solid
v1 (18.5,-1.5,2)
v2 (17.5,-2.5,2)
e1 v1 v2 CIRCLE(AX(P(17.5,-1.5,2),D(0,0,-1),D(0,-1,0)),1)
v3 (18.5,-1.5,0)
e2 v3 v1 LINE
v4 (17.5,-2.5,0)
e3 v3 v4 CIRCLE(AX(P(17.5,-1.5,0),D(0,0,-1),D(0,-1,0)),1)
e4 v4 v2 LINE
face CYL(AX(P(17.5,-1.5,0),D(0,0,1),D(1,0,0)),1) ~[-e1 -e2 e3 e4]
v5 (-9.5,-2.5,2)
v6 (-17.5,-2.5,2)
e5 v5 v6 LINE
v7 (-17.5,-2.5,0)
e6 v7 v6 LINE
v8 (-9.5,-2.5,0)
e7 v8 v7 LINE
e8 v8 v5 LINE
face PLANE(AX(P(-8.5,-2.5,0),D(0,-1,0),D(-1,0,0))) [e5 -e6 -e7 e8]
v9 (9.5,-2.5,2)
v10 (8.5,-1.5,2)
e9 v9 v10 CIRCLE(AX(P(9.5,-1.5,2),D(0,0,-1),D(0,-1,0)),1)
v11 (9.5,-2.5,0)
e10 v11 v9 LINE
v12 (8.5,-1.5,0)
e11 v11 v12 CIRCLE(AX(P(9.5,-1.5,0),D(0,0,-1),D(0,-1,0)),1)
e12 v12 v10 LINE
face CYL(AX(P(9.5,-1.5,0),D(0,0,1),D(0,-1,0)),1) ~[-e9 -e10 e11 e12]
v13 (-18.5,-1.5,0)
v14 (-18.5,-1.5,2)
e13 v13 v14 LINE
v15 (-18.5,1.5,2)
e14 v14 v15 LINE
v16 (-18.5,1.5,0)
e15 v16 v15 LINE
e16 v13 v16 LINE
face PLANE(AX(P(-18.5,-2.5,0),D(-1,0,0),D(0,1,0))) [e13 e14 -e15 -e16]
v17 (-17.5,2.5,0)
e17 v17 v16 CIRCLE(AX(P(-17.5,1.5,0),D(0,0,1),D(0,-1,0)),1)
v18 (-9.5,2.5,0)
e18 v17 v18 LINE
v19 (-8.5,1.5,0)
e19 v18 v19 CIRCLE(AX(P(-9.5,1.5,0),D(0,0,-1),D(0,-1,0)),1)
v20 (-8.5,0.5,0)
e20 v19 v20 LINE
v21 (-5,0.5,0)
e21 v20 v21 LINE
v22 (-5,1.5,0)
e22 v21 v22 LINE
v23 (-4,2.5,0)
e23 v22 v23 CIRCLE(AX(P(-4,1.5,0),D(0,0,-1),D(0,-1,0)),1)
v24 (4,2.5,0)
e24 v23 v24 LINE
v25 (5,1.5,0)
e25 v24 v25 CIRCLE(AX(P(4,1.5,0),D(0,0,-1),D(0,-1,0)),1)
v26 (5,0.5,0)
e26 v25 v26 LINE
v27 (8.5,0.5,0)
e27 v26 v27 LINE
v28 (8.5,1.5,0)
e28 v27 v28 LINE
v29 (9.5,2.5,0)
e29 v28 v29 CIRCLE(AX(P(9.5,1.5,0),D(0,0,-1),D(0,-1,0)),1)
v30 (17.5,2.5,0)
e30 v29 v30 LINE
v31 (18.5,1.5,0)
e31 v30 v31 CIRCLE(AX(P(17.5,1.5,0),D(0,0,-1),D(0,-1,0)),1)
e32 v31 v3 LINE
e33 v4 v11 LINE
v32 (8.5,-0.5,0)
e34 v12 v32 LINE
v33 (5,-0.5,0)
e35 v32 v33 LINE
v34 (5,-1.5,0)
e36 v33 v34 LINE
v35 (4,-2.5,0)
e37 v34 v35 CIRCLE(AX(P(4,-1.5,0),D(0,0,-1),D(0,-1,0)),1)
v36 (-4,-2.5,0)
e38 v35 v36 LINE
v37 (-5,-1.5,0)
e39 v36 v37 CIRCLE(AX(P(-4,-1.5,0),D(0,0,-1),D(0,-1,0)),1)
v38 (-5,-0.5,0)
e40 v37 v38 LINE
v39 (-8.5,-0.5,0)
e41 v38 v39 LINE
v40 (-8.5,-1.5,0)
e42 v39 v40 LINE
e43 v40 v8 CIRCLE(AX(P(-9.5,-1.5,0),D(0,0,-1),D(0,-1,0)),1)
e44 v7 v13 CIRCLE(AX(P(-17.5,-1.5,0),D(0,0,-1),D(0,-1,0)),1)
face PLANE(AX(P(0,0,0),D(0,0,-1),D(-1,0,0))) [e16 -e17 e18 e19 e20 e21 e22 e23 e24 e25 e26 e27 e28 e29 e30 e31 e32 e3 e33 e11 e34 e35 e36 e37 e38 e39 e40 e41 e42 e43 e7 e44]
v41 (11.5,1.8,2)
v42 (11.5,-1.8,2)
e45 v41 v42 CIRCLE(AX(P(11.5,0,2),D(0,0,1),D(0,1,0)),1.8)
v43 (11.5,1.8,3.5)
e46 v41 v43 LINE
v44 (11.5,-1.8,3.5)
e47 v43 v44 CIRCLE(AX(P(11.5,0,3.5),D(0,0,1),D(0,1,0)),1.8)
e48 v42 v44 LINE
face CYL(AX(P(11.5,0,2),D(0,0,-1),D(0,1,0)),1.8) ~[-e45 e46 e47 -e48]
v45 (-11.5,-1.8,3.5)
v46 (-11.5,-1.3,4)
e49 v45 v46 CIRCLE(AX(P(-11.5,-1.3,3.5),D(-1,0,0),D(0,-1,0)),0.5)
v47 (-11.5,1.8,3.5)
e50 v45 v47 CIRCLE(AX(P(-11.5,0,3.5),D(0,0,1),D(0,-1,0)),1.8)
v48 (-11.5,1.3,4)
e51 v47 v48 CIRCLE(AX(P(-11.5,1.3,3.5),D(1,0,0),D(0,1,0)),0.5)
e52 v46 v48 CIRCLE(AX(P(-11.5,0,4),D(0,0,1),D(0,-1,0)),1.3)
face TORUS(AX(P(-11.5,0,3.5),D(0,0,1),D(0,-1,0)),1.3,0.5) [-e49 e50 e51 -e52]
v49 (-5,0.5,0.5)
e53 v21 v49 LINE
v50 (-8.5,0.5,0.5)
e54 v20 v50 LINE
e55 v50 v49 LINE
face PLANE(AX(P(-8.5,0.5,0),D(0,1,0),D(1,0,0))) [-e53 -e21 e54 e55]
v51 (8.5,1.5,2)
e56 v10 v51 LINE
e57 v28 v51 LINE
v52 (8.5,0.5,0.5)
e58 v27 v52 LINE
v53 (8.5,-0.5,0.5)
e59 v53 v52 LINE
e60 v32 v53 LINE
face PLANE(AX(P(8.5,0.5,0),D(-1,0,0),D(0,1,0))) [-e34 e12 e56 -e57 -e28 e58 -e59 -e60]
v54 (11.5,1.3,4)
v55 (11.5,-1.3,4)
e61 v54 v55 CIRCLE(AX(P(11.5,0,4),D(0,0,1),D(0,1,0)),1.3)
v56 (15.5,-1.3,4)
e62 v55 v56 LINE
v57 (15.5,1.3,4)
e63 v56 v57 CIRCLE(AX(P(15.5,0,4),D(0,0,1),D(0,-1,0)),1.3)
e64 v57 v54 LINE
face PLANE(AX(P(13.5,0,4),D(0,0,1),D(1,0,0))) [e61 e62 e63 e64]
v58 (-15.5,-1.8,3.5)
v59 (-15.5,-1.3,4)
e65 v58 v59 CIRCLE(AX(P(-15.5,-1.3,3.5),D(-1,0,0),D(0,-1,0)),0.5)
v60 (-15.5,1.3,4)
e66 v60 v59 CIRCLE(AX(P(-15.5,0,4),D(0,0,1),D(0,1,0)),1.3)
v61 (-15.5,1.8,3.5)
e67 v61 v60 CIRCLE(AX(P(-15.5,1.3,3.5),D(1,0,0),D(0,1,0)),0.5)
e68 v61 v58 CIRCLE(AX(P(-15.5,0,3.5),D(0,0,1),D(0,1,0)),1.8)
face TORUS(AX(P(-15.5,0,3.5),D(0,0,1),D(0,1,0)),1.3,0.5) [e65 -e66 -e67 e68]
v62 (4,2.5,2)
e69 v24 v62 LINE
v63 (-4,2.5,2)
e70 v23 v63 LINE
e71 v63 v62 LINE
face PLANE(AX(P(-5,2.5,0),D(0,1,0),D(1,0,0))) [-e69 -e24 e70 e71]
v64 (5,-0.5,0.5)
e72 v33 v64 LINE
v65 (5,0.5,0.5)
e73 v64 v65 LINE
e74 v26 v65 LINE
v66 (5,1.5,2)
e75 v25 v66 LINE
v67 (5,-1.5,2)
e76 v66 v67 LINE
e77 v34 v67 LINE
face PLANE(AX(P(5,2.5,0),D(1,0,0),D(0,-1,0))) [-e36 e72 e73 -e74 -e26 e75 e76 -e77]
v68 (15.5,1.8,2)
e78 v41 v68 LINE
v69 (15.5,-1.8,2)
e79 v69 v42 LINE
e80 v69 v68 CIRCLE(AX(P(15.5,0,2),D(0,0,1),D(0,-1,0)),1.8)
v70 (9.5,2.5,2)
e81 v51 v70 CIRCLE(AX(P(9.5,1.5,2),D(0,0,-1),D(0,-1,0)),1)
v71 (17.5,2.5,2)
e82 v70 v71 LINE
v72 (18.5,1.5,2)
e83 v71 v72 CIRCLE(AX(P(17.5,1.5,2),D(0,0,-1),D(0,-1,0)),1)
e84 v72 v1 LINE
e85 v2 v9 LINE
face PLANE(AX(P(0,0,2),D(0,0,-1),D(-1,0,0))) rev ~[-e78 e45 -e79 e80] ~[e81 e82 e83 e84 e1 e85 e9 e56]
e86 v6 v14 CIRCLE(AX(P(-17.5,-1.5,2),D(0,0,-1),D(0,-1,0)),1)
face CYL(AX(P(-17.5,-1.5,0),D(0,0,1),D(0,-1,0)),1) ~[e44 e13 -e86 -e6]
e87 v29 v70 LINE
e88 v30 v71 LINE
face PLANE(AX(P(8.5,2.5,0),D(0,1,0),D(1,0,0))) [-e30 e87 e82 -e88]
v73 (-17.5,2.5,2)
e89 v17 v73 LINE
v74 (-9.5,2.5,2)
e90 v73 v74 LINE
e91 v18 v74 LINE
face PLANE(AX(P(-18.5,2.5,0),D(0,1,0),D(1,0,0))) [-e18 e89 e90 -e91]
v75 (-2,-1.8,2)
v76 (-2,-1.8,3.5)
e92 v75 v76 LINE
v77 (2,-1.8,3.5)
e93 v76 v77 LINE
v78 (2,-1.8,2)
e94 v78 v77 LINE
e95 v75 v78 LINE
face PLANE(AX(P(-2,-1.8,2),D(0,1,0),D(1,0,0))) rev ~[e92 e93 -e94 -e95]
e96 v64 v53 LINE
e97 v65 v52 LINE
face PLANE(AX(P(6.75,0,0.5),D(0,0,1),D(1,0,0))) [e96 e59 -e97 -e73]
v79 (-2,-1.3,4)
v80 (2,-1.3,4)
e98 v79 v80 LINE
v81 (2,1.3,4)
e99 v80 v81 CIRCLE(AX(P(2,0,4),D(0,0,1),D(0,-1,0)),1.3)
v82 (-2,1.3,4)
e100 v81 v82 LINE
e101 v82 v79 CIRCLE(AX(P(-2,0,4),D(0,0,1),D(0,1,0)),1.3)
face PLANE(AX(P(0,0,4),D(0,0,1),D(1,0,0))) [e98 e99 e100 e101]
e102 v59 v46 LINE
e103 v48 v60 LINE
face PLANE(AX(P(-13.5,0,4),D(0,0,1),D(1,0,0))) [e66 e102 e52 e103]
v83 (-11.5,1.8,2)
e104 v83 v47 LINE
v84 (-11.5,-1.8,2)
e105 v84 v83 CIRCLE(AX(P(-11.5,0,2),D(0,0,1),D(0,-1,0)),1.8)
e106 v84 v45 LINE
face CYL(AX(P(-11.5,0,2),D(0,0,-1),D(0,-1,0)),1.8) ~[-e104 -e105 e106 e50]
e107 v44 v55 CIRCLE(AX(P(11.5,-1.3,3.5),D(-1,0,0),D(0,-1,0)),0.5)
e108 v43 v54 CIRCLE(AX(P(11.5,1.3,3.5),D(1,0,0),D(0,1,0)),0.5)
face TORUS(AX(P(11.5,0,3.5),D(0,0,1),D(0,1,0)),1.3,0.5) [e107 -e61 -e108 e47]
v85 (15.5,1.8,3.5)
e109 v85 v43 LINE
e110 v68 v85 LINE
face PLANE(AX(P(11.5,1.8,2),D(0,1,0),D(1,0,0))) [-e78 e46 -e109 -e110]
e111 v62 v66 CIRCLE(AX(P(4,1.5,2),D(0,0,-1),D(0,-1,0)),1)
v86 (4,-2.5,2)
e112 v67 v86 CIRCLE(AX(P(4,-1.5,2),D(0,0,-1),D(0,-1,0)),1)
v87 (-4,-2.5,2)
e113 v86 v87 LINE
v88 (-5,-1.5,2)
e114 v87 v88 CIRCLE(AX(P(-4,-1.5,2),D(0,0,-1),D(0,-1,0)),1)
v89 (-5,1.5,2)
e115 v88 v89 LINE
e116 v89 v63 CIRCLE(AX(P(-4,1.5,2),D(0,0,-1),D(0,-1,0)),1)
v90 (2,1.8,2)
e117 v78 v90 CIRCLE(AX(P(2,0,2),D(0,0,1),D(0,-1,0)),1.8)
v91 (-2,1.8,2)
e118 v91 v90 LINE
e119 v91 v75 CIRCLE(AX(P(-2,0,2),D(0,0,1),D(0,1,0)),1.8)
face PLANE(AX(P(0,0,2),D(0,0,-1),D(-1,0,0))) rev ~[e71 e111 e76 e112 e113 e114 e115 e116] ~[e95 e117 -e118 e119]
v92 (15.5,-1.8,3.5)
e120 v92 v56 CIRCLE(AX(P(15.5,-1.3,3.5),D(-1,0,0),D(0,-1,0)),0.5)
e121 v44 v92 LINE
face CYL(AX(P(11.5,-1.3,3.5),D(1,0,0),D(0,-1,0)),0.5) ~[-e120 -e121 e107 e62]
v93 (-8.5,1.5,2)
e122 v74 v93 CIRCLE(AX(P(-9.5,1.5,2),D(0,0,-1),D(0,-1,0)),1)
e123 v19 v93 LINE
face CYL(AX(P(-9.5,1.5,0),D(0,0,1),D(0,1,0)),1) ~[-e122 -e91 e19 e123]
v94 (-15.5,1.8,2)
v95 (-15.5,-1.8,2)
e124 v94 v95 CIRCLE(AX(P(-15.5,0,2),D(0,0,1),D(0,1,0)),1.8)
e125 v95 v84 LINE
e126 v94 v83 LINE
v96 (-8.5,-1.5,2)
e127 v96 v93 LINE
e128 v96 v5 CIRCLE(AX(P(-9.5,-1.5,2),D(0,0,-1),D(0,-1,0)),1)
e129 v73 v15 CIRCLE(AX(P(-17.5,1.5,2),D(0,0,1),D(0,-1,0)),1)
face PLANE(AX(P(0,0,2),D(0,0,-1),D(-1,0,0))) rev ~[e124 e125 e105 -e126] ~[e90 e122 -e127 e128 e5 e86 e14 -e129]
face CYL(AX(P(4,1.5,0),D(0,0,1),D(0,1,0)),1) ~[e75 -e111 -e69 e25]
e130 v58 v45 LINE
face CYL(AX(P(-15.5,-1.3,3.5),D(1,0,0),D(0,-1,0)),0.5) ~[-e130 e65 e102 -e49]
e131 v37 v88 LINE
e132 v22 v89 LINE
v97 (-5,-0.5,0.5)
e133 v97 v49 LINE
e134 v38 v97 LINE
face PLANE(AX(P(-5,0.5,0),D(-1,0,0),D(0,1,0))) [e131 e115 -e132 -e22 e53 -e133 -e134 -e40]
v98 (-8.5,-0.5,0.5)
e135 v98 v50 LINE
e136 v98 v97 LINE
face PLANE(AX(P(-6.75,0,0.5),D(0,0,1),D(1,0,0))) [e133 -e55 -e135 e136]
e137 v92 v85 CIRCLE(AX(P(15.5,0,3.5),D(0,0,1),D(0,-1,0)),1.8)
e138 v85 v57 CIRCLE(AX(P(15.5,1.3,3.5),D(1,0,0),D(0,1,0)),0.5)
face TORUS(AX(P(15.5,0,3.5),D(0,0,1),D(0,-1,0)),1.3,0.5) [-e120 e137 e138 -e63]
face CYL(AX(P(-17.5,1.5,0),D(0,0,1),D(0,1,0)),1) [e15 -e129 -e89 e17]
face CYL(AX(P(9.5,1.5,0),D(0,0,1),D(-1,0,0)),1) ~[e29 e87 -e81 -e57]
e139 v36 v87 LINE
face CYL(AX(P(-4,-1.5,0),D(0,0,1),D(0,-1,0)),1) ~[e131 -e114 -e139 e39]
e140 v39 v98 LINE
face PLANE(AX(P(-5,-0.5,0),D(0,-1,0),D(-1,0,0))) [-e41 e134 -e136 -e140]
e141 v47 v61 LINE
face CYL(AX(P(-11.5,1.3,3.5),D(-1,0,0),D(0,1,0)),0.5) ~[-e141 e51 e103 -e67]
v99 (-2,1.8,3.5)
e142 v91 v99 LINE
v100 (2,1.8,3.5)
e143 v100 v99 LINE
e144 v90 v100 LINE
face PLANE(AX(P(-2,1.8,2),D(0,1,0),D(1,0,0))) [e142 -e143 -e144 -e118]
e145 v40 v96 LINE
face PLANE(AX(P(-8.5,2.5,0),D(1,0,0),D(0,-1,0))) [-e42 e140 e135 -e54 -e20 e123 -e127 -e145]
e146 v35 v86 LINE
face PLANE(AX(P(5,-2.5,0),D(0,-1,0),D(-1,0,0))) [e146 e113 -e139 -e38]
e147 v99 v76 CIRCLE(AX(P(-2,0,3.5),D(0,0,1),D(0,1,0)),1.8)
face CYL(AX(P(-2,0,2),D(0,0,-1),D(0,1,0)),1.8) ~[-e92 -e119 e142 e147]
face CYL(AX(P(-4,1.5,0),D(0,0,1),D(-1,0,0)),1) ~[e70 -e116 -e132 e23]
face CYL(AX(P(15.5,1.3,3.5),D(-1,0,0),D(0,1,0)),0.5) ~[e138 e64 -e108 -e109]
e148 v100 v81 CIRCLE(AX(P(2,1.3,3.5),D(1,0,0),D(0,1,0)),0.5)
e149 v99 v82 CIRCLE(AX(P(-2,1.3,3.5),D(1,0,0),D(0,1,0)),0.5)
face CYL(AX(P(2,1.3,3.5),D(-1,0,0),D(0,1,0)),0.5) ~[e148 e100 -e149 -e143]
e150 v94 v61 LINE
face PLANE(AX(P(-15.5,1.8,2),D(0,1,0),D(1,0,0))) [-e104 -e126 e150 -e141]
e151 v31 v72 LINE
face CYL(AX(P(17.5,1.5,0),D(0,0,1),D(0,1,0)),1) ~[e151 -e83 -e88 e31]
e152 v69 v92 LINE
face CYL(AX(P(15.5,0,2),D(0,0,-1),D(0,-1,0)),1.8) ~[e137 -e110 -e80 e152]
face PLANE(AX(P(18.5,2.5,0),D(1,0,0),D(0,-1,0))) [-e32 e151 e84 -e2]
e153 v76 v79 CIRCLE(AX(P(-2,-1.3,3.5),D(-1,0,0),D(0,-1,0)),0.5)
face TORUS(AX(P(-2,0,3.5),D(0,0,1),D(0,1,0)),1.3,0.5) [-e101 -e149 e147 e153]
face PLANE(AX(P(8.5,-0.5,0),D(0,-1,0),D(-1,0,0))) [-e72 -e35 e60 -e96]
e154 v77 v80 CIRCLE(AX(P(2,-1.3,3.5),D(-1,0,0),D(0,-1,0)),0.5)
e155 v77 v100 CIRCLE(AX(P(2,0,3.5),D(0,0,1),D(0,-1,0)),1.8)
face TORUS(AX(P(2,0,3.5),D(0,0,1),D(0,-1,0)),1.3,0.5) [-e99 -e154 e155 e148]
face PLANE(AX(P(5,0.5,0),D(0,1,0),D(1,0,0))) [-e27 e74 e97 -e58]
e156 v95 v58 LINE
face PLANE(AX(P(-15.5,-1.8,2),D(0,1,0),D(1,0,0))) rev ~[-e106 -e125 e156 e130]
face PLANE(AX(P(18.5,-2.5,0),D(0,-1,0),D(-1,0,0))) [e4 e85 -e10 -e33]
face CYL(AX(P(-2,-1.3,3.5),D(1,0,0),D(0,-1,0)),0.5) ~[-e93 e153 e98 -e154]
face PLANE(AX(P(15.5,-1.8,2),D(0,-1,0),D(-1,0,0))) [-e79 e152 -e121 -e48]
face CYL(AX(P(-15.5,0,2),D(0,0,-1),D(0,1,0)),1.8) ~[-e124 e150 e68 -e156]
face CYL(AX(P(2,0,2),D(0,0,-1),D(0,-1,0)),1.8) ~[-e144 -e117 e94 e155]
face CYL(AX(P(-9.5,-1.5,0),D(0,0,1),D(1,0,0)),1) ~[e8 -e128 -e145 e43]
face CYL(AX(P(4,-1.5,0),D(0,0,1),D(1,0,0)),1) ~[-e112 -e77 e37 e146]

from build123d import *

# Parameters (mm, degrees)
PAD_DEPTH    = 2
FILLET_R     = 1
SKETCH001_W  = 3.5
SKETCH001_H  = 1
POCKET_DEPTH = 1.5
PAD001_DEPTH = 2
FILLET001_R  = 0.5


with BuildPart() as part:
    # Sketch → Pad (new body)
    with BuildSketch(Plane.XY):
        Polygon((-18.5, 2.5), (-8.5, 2.5), (-8.5, 0.5), (-5, 0.5), (-5, 2.5), (5, 2.5), (5, 0.5), (8.5, 0.5), (8.5, 2.5), (18.5, 2.5), (18.5, -2.5), (8.5, -2.5), (8.5, -0.5), (5, -0.5), (5, -2.5), (-5, -2.5), (-5, -0.5), (-8.5, -0.5), (-8.5, -2.5), (-18.5, -2.5), align=None)
    extrude(amount=PAD_DEPTH)

    # Fillet
    fillet_edges = [part.edges().sort_by_distance(p)[0] for p in [
        (-18.5, 2.5, 1),
        (-5, 2.5, 1),
        (8.5, 2.5, 1),
        (-18.5, -2.5, 1),
        (-5, -2.5, 1),
        (8.5, -2.5, 1),
        (-8.5, 2.5, 1),
        (-8.5, -2.5, 1),
        (5, 2.5, 1),
        (5, -2.5, 1),
        (18.5, 2.5, 1),
        (18.5, -2.5, 1),
    ]]
    fillet(fillet_edges, radius=FILLET_R)

    # Sketch001 → Pocket (cut)
    with BuildSketch(Plane.XY.offset(2)):
        with Locations((-6.75, 0)):
            Rectangle(SKETCH001_W, SKETCH001_H)
        with Locations((6.75, 0)):
            Rectangle(SKETCH001_W, SKETCH001_H)
    extrude(amount=-POCKET_DEPTH, mode=Mode.SUBTRACT)

    # Sketch002 → Pad001 (new body)
    with BuildSketch(Plane.XY.offset(2)):
        with BuildLine():
            ThreePointArc((-15.5, 1.8), (-17.3, 0), (-15.5, -1.8))
            Line((-15.5, -1.8), (-11.5, -1.8))
            ThreePointArc((-11.5, -1.8), (-9.7, 0), (-11.5, 1.8))
            Line((-15.5, 1.8), (-11.5, 1.8))
        make_face()
        with BuildLine():
            ThreePointArc((-2, 1.8), (-3.8, 0), (-2, -1.8))
            Line((-2, -1.8), (2, -1.8))
            ThreePointArc((2, -1.8), (3.8, 0), (2, 1.8))
            Line((-2, 1.8), (2, 1.8))
        make_face()
        with BuildLine():
            ThreePointArc((11.5, 1.8), (9.7, 0), (11.5, -1.8))
            Line((15.5, -1.8), (11.5, -1.8))
            ThreePointArc((15.5, -1.8), (17.3, 0), (15.5, 1.8))
            Line((11.5, 1.8), (15.5, 1.8))
        make_face()
    extrude(amount=PAD001_DEPTH)

    # Fillet001
    fillet001_edges = [part.edges().sort_by_distance(p)[0] for p in [
        (-17.3, 0, 4),
        (-13.5, -1.8, 4),
        (-9.7, 0, 4),
        (-13.5, 1.8, 4),
        (-3.8, 0, 4),
        (0, -1.8, 4),
        (3.8, 0, 4),
        (0, 1.8, 4),
        (17.3, 0, 4),
        (13.5, 1.8, 4),
        (9.7, 0, 4),
        (13.5, -1.8, 4),
    ]]
    fillet(fillet001_edges, radius=FILLET001_R)


solid = part.part
